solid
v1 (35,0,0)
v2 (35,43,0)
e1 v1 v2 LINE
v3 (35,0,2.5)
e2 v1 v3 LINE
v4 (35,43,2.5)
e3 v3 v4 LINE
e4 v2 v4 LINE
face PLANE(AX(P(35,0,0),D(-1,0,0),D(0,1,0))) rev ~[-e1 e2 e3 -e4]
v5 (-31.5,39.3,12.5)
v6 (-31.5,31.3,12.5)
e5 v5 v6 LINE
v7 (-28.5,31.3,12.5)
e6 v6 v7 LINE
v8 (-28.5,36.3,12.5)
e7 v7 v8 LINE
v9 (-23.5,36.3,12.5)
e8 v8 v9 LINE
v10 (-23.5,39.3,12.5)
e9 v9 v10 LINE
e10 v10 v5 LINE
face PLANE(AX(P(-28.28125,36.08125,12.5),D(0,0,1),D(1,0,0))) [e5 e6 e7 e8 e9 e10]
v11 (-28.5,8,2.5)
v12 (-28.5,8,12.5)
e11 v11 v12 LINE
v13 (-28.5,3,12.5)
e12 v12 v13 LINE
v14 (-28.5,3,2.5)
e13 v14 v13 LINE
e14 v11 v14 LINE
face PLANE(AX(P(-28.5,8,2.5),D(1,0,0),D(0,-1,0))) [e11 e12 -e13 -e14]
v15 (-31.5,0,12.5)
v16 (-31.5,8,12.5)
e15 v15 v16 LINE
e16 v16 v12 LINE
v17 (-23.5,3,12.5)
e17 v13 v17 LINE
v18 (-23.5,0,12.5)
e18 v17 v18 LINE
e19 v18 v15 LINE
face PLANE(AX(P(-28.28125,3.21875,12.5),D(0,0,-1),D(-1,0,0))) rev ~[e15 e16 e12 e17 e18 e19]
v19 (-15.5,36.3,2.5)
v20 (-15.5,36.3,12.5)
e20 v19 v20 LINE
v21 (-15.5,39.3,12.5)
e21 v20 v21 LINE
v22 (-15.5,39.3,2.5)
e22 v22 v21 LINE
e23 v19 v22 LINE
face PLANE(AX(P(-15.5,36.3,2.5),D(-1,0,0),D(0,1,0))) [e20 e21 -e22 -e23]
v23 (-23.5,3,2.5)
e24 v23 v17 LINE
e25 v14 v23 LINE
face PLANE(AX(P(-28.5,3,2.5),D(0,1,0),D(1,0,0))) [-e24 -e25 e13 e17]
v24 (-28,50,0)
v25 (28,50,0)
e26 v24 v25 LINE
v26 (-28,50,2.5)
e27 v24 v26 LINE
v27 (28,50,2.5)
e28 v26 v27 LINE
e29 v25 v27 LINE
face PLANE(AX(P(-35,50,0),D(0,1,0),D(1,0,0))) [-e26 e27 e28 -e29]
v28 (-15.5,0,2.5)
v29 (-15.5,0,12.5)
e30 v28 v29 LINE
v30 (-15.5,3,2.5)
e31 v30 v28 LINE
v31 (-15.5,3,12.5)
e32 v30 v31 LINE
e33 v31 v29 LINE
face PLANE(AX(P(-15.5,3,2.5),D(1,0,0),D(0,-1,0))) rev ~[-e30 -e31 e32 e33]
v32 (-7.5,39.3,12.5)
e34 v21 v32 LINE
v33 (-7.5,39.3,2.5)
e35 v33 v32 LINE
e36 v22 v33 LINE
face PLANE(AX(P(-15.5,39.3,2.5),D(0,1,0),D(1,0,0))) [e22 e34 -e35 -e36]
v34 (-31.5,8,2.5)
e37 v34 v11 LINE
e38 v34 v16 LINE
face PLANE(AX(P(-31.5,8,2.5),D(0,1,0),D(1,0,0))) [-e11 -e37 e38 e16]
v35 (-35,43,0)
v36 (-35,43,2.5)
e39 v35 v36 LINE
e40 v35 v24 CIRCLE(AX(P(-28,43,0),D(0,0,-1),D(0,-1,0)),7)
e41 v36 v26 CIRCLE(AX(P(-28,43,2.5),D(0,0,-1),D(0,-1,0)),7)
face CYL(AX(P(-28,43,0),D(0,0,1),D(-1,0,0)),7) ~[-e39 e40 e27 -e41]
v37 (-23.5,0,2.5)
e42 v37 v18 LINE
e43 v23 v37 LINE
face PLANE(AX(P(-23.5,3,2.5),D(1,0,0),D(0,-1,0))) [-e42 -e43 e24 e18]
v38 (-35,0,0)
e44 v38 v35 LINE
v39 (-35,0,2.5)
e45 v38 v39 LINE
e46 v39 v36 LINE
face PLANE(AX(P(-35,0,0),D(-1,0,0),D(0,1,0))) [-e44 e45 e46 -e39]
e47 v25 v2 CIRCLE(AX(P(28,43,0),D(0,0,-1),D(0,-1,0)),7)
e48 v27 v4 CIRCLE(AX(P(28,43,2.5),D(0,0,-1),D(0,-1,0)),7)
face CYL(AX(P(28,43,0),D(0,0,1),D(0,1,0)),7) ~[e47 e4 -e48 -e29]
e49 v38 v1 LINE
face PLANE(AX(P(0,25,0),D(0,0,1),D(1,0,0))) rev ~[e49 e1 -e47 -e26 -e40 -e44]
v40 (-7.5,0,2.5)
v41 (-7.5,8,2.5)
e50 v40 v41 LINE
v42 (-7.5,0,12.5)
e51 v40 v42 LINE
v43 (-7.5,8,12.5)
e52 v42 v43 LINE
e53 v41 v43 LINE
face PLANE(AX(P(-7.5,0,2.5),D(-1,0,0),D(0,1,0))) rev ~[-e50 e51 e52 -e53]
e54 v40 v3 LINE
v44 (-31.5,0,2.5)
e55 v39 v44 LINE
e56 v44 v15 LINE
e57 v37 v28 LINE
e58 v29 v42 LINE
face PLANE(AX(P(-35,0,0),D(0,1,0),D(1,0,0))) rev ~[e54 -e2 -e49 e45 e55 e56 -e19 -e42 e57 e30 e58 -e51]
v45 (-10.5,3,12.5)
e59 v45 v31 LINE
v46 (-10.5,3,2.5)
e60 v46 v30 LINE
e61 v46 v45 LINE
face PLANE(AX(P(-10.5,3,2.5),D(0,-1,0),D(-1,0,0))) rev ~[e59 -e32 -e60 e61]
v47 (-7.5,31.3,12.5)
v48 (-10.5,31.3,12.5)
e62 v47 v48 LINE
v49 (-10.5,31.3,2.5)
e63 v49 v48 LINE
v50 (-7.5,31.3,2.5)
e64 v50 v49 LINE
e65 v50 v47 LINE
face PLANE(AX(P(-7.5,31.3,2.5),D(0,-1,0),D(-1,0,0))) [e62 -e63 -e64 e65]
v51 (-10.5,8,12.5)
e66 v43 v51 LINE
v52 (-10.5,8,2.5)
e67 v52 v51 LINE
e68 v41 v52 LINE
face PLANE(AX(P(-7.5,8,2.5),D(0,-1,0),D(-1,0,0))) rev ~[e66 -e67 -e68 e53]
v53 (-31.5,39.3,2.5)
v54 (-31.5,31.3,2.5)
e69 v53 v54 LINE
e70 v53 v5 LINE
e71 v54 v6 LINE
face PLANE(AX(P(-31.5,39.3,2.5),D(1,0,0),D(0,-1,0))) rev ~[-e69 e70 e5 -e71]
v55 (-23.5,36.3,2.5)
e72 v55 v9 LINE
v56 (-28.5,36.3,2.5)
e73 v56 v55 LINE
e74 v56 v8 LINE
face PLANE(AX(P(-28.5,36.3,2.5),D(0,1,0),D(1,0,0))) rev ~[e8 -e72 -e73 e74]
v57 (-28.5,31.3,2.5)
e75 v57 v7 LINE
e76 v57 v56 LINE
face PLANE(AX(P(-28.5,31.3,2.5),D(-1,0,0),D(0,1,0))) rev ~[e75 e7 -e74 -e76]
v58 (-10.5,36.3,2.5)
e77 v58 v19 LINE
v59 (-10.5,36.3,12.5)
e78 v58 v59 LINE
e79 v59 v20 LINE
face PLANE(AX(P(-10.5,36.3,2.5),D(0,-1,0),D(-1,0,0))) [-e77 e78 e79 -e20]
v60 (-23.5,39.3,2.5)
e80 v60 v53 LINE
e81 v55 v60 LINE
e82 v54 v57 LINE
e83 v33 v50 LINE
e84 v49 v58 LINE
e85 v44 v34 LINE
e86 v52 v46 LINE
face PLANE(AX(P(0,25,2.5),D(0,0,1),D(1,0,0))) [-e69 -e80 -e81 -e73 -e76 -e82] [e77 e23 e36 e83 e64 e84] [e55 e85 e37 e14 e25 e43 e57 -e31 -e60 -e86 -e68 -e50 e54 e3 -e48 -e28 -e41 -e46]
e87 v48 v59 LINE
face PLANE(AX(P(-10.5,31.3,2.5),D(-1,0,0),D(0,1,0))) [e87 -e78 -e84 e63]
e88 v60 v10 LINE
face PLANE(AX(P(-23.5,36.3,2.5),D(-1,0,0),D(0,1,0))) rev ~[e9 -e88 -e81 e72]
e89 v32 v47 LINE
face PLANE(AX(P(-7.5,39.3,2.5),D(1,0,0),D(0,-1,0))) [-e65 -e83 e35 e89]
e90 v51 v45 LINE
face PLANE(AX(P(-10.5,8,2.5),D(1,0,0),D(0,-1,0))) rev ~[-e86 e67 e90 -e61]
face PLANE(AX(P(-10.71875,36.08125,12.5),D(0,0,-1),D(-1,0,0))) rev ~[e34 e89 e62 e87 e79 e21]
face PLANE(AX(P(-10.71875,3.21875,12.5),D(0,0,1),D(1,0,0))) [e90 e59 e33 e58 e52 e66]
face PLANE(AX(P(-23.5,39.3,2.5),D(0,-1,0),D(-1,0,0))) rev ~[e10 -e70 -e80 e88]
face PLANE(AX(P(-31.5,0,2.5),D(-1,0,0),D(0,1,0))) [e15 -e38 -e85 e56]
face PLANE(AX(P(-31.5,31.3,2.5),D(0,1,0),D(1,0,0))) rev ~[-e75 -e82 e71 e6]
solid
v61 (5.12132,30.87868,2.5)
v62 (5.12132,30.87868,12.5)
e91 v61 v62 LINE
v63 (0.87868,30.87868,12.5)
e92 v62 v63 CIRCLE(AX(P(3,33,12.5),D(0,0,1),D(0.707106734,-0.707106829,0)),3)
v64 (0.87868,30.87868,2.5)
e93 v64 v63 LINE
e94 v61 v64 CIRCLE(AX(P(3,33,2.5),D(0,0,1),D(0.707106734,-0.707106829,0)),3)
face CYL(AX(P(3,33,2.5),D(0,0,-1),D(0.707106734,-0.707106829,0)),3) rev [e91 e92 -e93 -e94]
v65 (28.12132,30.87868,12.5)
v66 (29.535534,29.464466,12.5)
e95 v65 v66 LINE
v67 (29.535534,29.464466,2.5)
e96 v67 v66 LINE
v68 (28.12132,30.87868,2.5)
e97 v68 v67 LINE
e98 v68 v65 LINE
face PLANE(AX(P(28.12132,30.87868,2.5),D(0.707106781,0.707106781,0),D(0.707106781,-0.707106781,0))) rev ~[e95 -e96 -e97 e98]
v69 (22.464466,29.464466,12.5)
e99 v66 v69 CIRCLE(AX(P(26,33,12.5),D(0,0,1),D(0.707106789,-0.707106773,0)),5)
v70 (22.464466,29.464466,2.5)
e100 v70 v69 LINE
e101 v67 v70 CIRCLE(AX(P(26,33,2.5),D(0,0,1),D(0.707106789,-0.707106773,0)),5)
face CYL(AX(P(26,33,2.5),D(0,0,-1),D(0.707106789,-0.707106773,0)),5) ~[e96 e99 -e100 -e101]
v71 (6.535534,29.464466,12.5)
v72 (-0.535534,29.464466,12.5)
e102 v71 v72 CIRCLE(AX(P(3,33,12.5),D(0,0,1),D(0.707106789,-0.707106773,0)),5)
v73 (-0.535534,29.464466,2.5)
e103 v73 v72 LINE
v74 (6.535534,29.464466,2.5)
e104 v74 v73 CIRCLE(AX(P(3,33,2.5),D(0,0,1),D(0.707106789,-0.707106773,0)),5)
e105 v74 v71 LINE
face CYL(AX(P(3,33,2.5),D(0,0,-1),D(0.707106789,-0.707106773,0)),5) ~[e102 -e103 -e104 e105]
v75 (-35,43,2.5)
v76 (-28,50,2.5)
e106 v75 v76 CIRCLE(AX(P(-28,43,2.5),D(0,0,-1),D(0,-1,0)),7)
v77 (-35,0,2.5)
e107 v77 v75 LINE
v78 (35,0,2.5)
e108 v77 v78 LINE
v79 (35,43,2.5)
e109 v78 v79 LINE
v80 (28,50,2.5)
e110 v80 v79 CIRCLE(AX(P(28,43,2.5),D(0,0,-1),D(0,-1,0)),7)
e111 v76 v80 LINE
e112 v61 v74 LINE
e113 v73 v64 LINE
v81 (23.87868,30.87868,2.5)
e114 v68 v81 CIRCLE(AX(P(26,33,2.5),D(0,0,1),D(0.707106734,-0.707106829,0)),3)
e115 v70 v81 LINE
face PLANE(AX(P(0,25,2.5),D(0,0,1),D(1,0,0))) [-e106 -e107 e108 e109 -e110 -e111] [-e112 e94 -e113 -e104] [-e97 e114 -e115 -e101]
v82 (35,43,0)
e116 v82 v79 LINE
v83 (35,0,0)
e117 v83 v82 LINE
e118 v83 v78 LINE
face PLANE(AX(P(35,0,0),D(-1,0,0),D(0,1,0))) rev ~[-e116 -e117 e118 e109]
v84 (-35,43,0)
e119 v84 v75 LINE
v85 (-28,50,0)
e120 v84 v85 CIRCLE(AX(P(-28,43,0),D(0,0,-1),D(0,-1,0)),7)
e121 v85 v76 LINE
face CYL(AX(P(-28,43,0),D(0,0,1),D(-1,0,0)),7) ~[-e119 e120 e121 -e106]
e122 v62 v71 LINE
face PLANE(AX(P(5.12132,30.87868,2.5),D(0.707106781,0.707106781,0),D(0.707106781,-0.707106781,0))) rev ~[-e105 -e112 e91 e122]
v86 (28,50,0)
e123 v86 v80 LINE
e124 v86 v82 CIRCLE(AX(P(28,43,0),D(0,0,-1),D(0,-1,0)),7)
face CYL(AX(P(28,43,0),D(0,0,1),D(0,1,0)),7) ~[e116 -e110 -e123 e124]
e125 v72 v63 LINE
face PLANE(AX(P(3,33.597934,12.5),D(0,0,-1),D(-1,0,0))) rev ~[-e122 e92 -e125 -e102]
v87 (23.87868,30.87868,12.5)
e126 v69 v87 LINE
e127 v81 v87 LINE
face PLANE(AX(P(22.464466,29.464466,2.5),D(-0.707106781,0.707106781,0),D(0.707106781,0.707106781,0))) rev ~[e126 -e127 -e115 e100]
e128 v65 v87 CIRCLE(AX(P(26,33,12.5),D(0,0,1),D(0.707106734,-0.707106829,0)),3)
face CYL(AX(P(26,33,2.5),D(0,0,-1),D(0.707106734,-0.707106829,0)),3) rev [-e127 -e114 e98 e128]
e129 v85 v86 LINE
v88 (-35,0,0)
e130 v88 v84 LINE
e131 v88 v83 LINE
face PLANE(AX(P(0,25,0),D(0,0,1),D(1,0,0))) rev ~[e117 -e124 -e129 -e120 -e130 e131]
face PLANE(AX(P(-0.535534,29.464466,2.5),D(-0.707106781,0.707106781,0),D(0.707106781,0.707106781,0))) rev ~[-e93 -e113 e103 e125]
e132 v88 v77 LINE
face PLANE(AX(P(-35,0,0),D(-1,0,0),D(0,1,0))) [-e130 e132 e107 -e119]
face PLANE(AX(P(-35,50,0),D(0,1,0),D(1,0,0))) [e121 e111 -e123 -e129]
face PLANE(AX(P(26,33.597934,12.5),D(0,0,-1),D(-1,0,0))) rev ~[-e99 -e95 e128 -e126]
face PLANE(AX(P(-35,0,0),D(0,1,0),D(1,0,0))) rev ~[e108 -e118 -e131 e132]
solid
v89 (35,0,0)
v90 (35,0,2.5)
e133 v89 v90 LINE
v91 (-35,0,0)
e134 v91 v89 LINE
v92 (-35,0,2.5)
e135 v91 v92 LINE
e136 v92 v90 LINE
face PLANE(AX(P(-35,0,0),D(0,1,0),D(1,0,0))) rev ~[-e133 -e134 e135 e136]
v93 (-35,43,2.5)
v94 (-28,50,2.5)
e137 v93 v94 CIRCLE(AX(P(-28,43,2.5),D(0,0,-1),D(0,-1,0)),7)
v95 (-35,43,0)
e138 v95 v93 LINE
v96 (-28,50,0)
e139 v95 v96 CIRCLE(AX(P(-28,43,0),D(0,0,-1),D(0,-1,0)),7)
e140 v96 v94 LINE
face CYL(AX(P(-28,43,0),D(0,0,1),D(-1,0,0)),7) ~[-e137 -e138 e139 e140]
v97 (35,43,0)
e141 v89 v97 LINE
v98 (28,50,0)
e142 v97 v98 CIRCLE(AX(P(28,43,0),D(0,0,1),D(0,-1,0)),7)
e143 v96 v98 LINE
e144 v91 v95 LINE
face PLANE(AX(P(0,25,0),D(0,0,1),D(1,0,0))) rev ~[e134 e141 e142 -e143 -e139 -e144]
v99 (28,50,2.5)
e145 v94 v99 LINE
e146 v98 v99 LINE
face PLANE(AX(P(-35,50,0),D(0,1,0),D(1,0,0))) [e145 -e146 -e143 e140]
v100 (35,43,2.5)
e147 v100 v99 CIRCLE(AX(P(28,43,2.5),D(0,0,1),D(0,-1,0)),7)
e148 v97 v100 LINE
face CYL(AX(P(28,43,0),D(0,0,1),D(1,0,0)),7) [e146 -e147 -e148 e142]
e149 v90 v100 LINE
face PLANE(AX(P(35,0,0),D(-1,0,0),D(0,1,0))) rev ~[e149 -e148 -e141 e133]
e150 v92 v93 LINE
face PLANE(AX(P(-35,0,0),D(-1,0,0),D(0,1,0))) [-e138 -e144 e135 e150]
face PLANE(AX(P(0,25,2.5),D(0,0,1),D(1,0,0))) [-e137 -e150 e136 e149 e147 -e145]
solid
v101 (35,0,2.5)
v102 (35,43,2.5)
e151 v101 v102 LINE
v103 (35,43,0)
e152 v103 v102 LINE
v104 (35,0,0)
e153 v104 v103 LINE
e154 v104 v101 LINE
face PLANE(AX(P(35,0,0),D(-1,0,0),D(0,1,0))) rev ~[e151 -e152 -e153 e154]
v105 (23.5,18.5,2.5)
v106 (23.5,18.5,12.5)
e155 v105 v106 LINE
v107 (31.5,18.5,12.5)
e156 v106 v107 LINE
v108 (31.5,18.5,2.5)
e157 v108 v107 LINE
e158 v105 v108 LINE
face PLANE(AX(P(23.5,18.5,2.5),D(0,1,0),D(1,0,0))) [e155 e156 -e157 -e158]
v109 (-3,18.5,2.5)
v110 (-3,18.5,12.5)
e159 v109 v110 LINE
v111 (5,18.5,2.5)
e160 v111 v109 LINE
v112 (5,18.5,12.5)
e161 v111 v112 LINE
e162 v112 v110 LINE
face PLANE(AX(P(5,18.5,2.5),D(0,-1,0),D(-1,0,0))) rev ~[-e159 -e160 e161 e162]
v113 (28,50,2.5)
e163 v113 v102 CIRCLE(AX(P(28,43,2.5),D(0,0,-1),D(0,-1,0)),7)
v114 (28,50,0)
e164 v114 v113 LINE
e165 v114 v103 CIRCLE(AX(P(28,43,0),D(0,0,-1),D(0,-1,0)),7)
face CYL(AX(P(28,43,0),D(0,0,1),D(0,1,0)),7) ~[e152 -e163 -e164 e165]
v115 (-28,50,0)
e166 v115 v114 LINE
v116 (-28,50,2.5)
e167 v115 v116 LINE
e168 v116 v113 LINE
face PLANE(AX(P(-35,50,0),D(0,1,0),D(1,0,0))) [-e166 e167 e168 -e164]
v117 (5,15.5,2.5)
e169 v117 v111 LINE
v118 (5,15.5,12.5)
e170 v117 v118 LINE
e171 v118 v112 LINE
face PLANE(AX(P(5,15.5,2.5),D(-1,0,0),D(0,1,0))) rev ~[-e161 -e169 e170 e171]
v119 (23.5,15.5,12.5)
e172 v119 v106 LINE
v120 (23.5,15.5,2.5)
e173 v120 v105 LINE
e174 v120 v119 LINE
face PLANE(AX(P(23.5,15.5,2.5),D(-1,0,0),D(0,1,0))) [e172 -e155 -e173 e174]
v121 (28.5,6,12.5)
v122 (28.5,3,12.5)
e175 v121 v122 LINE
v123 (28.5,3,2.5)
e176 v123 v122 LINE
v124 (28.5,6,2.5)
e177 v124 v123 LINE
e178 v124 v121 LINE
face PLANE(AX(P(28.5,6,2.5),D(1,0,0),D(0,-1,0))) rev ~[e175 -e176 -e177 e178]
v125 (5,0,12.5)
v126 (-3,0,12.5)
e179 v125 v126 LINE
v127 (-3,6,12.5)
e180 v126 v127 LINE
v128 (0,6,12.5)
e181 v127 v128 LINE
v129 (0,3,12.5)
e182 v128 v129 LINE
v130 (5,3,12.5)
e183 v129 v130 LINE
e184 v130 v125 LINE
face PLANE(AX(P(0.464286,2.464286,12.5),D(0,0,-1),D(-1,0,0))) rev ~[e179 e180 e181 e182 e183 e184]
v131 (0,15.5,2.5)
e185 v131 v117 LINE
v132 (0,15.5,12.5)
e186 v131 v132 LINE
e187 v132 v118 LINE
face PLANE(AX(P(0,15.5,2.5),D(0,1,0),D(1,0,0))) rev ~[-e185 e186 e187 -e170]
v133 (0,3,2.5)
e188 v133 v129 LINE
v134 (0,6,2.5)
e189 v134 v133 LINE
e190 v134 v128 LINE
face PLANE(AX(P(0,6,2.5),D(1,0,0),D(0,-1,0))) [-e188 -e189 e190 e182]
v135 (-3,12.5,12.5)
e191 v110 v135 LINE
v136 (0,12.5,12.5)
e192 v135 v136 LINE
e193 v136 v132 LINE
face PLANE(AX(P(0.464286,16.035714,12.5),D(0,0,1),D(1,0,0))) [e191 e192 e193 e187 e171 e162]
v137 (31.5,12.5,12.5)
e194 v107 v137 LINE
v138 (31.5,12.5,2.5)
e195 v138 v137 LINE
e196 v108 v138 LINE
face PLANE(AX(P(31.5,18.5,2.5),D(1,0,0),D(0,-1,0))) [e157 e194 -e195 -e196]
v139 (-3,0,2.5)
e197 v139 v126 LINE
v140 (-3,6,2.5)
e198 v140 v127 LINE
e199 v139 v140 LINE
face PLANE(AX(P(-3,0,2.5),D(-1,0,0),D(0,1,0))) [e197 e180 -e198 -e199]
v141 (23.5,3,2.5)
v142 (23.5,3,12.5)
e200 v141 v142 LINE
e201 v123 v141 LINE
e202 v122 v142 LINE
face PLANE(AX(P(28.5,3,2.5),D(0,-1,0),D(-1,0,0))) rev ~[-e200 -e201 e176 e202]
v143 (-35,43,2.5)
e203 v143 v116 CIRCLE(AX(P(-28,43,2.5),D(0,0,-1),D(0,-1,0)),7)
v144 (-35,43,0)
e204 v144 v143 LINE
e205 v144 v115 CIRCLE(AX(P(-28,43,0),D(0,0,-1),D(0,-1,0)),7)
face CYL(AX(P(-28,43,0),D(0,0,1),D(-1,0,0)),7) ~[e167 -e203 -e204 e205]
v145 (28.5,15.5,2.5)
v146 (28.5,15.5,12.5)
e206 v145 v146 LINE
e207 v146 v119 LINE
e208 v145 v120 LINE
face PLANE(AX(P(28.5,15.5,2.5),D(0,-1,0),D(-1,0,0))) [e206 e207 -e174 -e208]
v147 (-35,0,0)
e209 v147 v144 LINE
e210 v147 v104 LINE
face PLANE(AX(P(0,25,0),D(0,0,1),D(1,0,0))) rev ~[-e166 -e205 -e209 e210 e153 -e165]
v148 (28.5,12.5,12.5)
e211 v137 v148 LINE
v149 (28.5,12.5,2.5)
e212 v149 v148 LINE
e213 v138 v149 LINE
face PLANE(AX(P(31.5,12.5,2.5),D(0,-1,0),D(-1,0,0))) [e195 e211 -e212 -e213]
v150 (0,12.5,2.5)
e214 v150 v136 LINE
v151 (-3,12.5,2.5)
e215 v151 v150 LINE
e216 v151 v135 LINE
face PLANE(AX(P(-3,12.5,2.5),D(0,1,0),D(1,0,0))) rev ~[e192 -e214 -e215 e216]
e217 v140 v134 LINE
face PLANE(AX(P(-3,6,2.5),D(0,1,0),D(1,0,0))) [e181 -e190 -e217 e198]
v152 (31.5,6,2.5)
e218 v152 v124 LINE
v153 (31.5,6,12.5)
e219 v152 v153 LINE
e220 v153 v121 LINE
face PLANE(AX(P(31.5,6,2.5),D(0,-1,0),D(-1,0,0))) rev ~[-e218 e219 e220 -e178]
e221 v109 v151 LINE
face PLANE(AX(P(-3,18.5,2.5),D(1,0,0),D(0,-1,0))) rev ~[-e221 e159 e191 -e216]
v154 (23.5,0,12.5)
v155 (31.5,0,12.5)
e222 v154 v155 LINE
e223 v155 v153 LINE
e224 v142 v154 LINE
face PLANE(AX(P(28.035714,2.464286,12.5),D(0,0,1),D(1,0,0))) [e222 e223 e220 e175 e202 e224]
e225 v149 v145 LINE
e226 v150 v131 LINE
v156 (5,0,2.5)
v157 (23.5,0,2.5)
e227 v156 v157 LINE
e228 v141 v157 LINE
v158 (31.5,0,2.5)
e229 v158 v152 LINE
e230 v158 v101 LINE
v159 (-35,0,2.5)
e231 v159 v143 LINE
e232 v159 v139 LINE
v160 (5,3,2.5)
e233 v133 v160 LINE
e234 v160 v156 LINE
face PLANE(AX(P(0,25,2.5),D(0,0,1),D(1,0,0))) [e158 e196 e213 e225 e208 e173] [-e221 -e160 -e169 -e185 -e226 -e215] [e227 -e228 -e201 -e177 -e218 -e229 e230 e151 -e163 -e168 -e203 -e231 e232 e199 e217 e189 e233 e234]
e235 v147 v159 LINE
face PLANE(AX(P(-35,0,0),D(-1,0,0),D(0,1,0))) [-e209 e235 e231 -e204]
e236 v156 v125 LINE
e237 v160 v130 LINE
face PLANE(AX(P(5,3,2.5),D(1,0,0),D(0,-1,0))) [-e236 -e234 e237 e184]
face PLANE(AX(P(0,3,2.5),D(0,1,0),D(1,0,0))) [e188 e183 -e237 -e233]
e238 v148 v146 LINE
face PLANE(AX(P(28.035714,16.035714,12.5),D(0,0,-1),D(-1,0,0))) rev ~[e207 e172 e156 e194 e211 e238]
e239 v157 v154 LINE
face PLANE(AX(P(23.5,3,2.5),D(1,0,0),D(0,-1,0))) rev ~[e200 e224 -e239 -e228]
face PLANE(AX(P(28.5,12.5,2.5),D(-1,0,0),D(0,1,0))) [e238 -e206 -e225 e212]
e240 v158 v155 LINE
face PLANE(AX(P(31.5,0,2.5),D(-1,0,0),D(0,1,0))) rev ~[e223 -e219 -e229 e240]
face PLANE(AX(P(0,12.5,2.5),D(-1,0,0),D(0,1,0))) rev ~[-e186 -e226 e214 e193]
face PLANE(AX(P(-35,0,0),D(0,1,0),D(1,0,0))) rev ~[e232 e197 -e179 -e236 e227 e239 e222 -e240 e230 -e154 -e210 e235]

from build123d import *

# Parameters (mm, degrees)
SKETCH001_W  = 70
SKETCH001_H  = 50
PAD_DEPTH    = 2.5
FILLET_R     = 7
PAD003_DEPTH = 10
FILLET001_R  = 7
PAD004_DEPTH = 10
FILLET002_R  = 7
PAD006_DEPTH = 10
FILLET003_R  = 7


with BuildPart() as baseplate:
    # Sketch001 → Pad (new body)
    with BuildSketch(Plane.XY):
        with Locations((0, 25)):
            Rectangle(SKETCH001_W, SKETCH001_H)
    extrude(amount=PAD_DEPTH)


with BuildPart() as fillet_body:
    # Fillet base: copy of BasePlate
    add(baseplate.part)

    # Fillet
    fillet_edges = [fillet_body.edges().sort_by_distance(p)[0] for p in [
        (35, 50, 1.25),
        (-35, 50, 1.25),
    ]]
    fillet(fillet_edges, radius=FILLET_R)


with BuildPart() as fillet001:
    # Pad003 base: copy of BasePlate
    add(baseplate.part)

    # Sketch006 (on Face6 of Pad) → Pad003 (new body)
    with BuildSketch(Plane.XY.offset(2.5)):
        Polygon((23.5, 18.5), (31.5, 18.5), (31.5, 12.5), (28.5, 12.5), (28.5, 15.5), (23.5, 15.5), align=None)
        Polygon((5, 18.5), (-3, 18.5), (-3, 12.5), (0, 12.5), (0, 15.5), (5, 15.5), align=None)
        Polygon((5, 0), (-3, 0), (-3, 6), (0, 6), (0, 3), (5, 3), align=None)
        Polygon((23.5, 0), (31.5, 0), (31.5, 6), (28.5, 6), (28.5, 3), (23.5, 3), align=None)
    extrude(amount=PAD003_DEPTH)

    # Fillet001
    fillet001_edges = [fillet001.edges().sort_by_distance(p)[0] for p in [
        (-35, 50, 1.25),
        (35, 50, 1.25),
    ]]
    fillet(fillet001_edges, radius=FILLET001_R)


with BuildPart() as fillet002:
    # Pad004 base: copy of BasePlate
    add(baseplate.part)

    # Sketch008 (on Face6 of Pad) → Pad004 (new body)
    with BuildSketch(Plane.XY.offset(2.5)):
        Polygon((-15.5, 39.3), (-7.5, 39.3), (-7.5, 31.3), (-10.5, 31.3), (-10.5, 36.3), (-15.5, 36.3), align=None)
        Polygon((-23.5, 39.3), (-31.5, 39.3), (-31.5, 31.3), (-28.5, 31.3), (-28.5, 36.3), (-23.5, 36.3), align=None)
        Polygon((-23.5, 0), (-31.5, 0), (-31.5, 8), (-28.5, 8), (-28.5, 3), (-23.5, 3), align=None)
        Polygon((-15.5, 0), (-7.5, 0), (-7.5, 8), (-10.5, 8), (-10.5, 3), (-15.5, 3), align=None)
    extrude(amount=PAD004_DEPTH)

    # Fillet002
    fillet002_edges = [fillet002.edges().sort_by_distance(p)[0] for p in [
        (35, 50, 1.25),
        (-35, 50, 1.25),
    ]]
    fillet(fillet002_edges, radius=FILLET002_R)


with BuildPart() as fillet003:
    # Pad006 base: copy of BasePlate
    add(baseplate.part)

    # Sketch010 (on Face6 of Pad) → Pad006 (new body)
    with BuildSketch(Plane.XY.offset(2.5)):
        with BuildLine():
            ThreePointArc((5.12132, 30.87868), (3, 36), (0.87868, 30.87868))
            Line((-0.535534, 29.464466), (0.87868, 30.87868))
            ThreePointArc((6.535534, 29.464466), (3, 38), (-0.535534, 29.464466))
            Line((5.12132, 30.87868), (6.535534, 29.464466))
        make_face()
        with BuildLine():
            ThreePointArc((28.12132, 30.87868), (26, 36), (23.87868, 30.87868))
            Line((22.464466, 29.464466), (23.87868, 30.87868))
            ThreePointArc((29.535534, 29.464466), (26, 38), (22.464466, 29.464466))
            Line((28.12132, 30.87868), (29.535534, 29.464466))
        make_face()
    extrude(amount=PAD006_DEPTH)

    # Fillet003
    fillet003_edges = [fillet003.edges().sort_by_distance(p)[0] for p in [
        (-35, 50, 1.25),
        (35, 50, 1.25),
    ]]
    fillet(fillet003_edges, radius=FILLET003_R)


solid = Compound([fillet_body.part, fillet001.part, fillet002.part, fillet003.part])
